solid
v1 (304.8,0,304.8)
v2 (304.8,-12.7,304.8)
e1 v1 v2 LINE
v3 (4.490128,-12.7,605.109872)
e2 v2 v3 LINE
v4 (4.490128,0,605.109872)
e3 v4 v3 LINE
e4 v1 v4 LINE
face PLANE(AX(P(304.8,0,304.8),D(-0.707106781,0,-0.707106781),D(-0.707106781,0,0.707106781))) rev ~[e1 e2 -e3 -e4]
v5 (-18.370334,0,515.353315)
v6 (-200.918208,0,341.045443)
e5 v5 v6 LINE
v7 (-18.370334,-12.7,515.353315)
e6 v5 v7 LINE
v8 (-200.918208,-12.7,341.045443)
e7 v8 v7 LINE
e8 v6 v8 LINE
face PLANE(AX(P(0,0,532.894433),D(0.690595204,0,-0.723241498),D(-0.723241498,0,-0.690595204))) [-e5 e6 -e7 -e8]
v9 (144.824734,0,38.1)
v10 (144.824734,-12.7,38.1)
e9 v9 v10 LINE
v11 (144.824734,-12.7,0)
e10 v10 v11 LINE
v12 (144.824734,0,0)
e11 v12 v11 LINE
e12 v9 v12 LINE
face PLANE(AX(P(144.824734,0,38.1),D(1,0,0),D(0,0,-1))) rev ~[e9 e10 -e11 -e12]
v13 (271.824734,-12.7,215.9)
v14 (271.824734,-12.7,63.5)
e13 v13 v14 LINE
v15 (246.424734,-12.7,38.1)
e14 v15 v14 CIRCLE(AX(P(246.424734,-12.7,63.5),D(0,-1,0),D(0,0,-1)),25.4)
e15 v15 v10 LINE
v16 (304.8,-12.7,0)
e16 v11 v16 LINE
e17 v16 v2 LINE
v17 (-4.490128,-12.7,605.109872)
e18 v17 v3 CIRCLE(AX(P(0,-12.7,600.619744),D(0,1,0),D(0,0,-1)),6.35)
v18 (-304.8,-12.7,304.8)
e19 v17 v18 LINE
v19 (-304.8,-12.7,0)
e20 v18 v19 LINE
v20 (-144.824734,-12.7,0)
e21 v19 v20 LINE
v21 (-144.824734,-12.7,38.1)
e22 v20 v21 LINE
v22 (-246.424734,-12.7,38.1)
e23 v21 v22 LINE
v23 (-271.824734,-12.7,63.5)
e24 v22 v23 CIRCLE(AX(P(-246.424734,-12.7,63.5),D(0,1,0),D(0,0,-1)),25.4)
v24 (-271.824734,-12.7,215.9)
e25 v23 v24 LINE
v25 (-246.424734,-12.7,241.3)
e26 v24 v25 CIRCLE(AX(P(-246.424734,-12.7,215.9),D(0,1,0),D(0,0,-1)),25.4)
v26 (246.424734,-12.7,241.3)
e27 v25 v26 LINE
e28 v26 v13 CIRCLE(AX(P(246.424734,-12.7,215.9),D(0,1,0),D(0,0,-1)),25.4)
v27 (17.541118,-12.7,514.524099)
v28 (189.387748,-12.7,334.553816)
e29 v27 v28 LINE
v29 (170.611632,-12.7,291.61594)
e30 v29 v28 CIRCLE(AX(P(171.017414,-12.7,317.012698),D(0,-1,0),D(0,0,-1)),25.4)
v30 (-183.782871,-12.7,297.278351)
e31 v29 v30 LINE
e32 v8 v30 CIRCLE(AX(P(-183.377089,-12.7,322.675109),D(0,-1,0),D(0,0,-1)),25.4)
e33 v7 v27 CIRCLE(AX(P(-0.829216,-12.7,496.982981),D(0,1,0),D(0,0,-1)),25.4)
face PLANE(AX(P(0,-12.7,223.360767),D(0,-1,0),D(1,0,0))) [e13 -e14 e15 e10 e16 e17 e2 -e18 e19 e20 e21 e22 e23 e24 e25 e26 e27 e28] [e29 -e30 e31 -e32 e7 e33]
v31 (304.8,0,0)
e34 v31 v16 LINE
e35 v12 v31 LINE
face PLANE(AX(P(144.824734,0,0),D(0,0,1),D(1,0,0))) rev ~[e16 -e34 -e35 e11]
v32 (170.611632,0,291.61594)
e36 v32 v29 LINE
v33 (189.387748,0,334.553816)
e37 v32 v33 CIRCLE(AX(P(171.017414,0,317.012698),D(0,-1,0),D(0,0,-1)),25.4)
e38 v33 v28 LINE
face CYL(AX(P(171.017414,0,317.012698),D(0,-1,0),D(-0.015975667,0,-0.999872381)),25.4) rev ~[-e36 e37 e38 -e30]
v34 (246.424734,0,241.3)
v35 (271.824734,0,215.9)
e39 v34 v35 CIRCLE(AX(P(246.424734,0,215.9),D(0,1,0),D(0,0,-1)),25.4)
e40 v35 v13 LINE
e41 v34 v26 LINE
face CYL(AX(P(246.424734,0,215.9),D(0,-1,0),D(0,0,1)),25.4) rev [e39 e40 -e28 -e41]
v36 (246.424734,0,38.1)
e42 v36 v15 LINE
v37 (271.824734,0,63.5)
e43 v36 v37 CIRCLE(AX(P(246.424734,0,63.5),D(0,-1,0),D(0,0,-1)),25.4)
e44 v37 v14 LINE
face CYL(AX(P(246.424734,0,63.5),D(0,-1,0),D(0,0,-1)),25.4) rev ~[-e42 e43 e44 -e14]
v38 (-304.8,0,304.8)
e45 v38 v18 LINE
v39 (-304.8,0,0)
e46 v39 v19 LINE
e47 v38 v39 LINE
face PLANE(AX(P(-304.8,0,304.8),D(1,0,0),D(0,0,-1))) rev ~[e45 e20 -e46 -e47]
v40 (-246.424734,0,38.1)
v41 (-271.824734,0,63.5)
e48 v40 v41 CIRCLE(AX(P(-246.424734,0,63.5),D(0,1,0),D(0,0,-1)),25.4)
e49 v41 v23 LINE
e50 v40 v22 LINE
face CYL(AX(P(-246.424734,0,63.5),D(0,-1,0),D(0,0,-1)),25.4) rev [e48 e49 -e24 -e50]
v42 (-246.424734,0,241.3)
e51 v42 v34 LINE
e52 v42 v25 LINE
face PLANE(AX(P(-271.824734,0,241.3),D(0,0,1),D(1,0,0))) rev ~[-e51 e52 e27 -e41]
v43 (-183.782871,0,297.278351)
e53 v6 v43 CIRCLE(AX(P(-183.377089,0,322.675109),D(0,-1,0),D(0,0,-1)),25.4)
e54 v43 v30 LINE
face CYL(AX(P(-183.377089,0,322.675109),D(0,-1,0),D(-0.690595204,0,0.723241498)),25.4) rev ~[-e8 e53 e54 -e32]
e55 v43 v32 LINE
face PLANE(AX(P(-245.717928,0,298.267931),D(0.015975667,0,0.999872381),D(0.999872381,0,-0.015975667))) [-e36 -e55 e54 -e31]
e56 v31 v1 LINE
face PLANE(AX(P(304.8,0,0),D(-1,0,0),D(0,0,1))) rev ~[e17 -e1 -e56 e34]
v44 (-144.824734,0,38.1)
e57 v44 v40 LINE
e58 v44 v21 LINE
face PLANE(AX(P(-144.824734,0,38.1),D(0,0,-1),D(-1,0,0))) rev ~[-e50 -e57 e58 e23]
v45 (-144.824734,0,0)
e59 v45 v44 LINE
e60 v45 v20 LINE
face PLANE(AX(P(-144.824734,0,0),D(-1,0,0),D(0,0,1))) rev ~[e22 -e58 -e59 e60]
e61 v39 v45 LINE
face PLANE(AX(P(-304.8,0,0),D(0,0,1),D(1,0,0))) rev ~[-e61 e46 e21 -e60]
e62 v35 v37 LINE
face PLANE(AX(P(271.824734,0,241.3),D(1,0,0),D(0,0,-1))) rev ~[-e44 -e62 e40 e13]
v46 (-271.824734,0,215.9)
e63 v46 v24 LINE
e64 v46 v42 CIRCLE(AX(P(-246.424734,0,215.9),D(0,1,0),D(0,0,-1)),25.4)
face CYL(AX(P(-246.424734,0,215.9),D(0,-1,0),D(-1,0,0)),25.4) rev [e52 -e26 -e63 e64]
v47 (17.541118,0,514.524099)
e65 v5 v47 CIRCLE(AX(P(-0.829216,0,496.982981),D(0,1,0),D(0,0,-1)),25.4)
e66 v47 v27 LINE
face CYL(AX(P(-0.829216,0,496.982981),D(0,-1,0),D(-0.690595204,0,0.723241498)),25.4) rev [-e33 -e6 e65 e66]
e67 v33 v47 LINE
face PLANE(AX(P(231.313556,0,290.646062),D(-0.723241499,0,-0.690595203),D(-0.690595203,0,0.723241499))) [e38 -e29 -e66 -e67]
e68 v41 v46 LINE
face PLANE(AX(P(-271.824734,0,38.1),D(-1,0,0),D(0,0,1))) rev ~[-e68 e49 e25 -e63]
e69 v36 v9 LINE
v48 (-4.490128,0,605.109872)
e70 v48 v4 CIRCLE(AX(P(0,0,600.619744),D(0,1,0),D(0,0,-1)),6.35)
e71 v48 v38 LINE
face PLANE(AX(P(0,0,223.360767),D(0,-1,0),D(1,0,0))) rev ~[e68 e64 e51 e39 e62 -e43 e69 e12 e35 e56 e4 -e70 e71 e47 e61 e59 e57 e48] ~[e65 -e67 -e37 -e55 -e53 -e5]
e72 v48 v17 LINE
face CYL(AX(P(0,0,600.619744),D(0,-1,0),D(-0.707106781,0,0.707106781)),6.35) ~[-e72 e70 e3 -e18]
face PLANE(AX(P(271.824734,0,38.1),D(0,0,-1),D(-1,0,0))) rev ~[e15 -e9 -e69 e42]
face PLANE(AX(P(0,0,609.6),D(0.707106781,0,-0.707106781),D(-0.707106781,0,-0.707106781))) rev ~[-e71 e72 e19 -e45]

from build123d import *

# Parameters (mm, degrees)
F1_DEPTH = 12.7
F3_DEPTH = 12.701
F4_R     = 6.35
F5_R     = 25.4


with BuildPart() as f1:
    # F0 (on Front) → F1 (new body)
    with BuildSketch(Plane.XZ):
        Polygon((-304.8, 304.8), (-304.8, 0), (-144.824734, 0), (-144.824734, 38.1), (-271.824734, 38.1), (-271.824734, 241.3), (0, 241.3), (271.824734, 241.3), (271.824734, 38.1), (144.824734, 38.1), (144.824734, 0), (304.8, 0), (304.8, 304.8), (0, 609.6), align=None)
    extrude(amount=F1_DEPTH)

    # F2 (on Front) → F3 (cut, through all)
    with BuildSketch(Plane.XZ):
        Polygon((0, 532.894433), (-245.717928, 298.267931), (231.313556, 290.646062), align=None)
    extrude(amount=F3_DEPTH, mode=Mode.SUBTRACT)

    # F4
    f4_edges = [f1.edges().sort_by_distance(p)[0] for p in [
        (0, -6.35, 609.6),
    ]]
    fillet(f4_edges, radius=F4_R)

    # F5
    f5_edges = [f1.edges().sort_by_distance(p)[0] for p in [
        (-271.824734, -6.35, 38.1),
        (-271.824734, -6.35, 241.3),
        (271.824734, -6.35, 241.3),
        (271.824734, -6.35, 38.1),
        (-245.717928, -6.35, 298.267931),
        (231.313556, -6.35, 290.646062),
        (0, -6.35, 532.894433),
    ]]
    fillet(f5_edges, radius=F5_R)


solid = f1.part
